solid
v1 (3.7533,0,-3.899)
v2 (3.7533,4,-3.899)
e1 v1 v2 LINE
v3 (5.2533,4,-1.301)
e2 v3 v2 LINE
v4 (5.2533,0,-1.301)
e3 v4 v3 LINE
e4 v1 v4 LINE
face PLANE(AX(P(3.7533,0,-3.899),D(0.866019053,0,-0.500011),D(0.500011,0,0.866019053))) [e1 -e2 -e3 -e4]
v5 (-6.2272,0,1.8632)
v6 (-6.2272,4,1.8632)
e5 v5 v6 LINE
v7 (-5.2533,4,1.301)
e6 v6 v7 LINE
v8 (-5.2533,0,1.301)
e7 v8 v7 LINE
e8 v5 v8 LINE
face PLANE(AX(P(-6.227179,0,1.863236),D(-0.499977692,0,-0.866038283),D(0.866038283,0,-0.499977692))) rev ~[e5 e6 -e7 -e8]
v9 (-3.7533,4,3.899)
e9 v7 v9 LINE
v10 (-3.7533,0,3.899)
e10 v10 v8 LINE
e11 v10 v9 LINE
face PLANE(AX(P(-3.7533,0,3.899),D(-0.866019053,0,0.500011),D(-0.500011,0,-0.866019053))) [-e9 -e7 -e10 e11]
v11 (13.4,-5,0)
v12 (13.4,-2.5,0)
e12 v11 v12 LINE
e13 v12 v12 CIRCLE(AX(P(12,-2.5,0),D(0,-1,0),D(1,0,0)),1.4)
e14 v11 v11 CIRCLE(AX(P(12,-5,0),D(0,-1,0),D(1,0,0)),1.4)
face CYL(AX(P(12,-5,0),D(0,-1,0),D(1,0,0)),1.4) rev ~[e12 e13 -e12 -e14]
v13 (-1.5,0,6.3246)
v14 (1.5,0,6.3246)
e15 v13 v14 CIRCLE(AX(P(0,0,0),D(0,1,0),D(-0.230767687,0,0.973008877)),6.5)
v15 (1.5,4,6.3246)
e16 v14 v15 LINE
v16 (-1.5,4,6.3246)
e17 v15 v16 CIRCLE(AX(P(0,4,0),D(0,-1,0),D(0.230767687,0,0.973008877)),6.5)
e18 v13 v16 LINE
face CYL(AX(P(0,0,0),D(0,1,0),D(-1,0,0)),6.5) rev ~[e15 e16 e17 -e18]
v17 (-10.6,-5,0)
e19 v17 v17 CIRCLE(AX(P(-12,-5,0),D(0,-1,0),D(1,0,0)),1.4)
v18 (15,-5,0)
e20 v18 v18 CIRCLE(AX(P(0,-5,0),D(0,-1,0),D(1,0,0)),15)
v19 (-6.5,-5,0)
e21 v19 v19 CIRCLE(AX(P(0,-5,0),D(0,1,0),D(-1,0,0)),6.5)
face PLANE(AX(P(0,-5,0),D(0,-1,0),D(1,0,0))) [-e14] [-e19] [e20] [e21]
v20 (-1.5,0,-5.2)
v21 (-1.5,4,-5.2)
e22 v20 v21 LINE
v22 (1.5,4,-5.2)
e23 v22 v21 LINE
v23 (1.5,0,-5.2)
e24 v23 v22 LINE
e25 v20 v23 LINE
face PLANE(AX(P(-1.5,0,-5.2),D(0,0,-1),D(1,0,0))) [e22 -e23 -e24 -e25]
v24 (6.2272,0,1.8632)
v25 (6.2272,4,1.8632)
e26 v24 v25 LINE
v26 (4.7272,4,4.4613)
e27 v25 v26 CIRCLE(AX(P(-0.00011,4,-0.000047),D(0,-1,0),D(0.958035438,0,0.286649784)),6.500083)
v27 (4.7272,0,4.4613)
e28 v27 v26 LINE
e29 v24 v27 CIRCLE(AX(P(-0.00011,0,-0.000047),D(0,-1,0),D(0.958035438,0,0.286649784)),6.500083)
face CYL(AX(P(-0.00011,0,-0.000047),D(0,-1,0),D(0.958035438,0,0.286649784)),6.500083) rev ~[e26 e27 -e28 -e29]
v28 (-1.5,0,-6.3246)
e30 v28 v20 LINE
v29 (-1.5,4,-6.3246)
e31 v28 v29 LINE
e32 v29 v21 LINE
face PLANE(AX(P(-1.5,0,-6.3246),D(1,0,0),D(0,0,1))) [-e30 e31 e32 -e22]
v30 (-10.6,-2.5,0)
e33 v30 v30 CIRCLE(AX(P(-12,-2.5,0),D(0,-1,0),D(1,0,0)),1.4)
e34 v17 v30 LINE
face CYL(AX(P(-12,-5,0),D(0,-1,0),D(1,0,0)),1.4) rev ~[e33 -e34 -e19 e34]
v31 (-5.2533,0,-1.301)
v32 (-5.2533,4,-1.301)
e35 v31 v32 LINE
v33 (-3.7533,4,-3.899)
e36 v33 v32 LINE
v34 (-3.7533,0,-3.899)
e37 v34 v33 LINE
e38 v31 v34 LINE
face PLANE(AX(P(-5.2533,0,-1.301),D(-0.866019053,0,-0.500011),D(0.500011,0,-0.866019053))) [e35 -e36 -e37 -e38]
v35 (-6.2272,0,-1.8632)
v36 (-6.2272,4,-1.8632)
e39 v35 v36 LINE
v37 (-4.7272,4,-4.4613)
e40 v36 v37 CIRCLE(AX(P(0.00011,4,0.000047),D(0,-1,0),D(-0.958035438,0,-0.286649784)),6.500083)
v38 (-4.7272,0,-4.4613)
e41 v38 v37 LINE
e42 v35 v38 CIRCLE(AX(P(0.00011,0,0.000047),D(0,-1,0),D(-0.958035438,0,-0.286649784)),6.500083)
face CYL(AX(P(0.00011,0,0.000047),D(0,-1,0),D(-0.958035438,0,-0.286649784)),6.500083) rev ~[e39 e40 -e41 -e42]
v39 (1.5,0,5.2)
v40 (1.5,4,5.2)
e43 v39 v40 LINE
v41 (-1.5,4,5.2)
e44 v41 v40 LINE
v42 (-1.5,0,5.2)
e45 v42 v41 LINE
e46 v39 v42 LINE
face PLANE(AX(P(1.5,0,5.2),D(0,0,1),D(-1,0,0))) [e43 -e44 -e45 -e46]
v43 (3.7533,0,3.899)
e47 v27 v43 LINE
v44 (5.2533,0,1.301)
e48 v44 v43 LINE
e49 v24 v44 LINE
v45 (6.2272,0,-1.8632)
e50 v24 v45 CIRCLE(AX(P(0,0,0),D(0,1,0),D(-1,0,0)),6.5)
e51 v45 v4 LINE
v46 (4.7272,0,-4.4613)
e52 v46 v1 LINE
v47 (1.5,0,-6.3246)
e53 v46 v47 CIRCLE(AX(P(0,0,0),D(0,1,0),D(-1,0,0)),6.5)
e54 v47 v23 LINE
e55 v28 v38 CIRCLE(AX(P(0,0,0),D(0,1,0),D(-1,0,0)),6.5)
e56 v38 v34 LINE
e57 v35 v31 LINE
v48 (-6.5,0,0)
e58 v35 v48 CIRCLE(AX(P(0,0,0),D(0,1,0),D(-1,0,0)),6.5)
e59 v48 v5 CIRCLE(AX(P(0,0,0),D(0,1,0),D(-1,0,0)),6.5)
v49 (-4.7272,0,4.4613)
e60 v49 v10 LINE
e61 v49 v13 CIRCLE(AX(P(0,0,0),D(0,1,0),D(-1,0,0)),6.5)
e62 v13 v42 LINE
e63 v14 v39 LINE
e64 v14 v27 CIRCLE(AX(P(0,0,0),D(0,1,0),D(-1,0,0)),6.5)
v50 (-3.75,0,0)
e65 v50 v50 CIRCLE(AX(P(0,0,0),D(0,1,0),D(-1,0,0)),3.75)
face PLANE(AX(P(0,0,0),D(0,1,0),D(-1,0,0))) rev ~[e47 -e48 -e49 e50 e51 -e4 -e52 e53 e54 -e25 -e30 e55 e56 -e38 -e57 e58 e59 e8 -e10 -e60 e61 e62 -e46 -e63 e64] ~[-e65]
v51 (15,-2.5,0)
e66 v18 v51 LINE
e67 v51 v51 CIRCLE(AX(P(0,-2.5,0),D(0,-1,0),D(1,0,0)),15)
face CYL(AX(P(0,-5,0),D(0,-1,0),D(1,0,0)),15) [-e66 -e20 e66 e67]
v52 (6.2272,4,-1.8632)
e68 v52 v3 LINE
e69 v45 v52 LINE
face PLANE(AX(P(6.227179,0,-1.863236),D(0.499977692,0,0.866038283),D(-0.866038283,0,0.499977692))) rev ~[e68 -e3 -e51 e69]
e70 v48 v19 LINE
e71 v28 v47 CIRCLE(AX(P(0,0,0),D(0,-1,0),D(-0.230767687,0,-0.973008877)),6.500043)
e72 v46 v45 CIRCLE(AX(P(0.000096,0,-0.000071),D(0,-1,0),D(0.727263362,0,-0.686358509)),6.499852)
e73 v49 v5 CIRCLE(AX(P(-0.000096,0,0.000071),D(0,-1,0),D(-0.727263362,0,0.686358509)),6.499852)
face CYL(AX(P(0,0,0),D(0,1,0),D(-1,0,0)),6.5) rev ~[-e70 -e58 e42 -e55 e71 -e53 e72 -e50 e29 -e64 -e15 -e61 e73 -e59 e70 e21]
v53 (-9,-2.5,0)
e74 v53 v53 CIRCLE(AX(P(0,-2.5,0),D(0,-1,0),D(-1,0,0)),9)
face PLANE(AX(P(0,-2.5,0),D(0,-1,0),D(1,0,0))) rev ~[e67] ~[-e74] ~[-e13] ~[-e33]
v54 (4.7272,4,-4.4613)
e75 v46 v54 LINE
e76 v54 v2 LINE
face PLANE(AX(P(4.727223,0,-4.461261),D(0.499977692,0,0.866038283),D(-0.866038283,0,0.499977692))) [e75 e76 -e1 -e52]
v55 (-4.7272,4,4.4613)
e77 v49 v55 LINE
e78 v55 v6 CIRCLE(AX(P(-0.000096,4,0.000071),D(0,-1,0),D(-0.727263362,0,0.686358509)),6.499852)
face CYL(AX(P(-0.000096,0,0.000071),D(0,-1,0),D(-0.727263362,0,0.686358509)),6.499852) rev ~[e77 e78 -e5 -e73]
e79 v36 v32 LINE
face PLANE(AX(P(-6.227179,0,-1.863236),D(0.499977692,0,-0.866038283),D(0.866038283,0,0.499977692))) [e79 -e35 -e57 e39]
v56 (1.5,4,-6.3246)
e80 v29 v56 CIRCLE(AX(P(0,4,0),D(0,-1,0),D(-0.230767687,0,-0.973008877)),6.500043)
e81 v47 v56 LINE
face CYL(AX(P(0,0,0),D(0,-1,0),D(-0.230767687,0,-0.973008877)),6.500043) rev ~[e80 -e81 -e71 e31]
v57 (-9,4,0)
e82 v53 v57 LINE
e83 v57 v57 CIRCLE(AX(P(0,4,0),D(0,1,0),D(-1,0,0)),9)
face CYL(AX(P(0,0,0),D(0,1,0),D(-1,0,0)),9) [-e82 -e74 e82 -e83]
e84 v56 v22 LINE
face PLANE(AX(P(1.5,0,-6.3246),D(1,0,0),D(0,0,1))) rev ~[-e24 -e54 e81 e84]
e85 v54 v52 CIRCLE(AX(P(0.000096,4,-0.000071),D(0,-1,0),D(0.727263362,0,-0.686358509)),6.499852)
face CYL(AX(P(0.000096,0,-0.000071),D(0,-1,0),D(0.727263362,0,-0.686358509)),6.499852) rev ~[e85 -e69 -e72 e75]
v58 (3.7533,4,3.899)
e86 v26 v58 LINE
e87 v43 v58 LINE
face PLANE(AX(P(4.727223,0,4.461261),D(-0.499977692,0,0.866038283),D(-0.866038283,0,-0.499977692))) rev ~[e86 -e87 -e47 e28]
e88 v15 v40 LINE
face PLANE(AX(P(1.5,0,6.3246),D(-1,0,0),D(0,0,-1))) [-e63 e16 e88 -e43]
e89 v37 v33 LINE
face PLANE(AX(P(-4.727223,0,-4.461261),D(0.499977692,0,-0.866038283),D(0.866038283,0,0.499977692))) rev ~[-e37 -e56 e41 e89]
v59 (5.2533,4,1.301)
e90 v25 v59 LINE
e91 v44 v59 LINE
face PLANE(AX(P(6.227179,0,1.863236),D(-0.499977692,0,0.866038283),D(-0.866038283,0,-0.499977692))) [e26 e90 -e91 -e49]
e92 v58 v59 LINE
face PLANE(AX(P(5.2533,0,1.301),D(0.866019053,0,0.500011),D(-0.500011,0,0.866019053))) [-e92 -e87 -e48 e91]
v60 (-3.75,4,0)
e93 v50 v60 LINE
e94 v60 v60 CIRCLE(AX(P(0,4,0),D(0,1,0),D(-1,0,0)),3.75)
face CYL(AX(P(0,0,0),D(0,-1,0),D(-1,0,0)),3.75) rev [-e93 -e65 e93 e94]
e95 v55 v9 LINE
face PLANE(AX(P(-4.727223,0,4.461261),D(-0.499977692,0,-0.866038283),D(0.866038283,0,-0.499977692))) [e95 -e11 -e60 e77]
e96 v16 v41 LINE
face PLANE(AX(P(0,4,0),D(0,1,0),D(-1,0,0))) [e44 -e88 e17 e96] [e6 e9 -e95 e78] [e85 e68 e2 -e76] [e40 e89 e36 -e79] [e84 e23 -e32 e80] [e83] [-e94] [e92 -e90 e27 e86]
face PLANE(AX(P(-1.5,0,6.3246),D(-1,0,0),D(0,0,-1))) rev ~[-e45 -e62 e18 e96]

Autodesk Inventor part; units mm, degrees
ref_plane "YZ Plane" through (0, 0, 0) normal (1, 0, 0) x (0, 1, 0)
ref_plane "XZ Plane" through (0, 0, 0) normal (0, 1, 0) x (-1, 0, 0)
ref_plane "XY Plane" through (0, 0, 0) normal (0, 0, 1) x (1, 0, 0)
sketch "Sketch1" plane through (0, 0, 0) normal (0, 1, 0) x (-1, 0, 0)
  circle A0 centre (0, 0) radius 3.75
  circle A1 centre (0, 0) radius 6.5
  circle A2 centre (0, 0) radius 9
  dimension "d0" = 7.5
  dimension "d1" = 13
  dimension "d2" = 2.5
extrude "Extrusion1" add sketch "Sketch1" along normal blind 4 contours A1 | A2
extrude "Extrusion2" add sketch "Sketch1" against normal blind 5 contours A2
sketch "Sketch2" plane through (0, 0, 0) normal (0, -1, 0) x (1, 0, 0)
  circle A0 centre (0, 0) radius 6.5 projected
  circle A1 centre (0, 0) radius 3.75 projected
  circle A2 centre (0, 0) radius 9 projected
  circle A3 centre (0, 0) radius 6.5 projected
  line L0 (0, 6.5) -> (-1.5, 6.5)
  line L1 (-1.5, 6.5) -> (-1.5, 5.2)
  line L2 (-1.5, 5.2) -> (0, 5.2)
  line L3 (0, 5.2) -> (0, 6.5)
  line L4 (0, 6.5) -> (1.5, 6.5)
  line L5 (1.5, 6.5) -> (1.5, 5.2)
  line L6 (1.5, 5.2) -> (0, 5.2)
  arc A4 (1.5, 6.3246) -> (-1.5, 6.3246) centre (0, 0) ccw
  line L7 (-6.3792, 1.951) -> (-5.2533, 1.301)
  line L8 (-5.2533, 1.301) -> (-4.5033, 2.6)
  line L9 (-3.7533, 3.899) -> (-4.5033, 2.6)
  line L10 (-4.8792, 4.549) -> (-3.7533, 3.899)
  arc A5 (-4.7272, 4.4613) -> (-6.2272, 1.8632) centre (0, 0) ccw
  line L11 (-4.8792, -4.549) -> (-3.7533, -3.899)
  line L12 (-3.7533, -3.899) -> (-4.5033, -2.6)
  line L13 (-5.2533, -1.301) -> (-4.5033, -2.6)
  line L14 (-6.3792, -1.951) -> (-5.2533, -1.301)
  arc A6 (-6.2272, -1.8632) -> (-4.7272, -4.4613) centre (0, 0) ccw
  line L15 (1.5, -6.5) -> (1.5, -5.2)
  line L16 (1.5, -5.2) -> (0, -5.2)
  line L17 (-1.5, -5.2) -> (0, -5.2)
  line L18 (-1.5, -6.5) -> (-1.5, -5.2)
  arc A7 (-1.5, -6.3246) -> (1.5, -6.3246) centre (0, 0) ccw
  line L19 (6.3792, -1.951) -> (5.2533, -1.301)
  line L20 (5.2533, -1.301) -> (4.5033, -2.6)
  line L21 (3.7533, -3.899) -> (4.5033, -2.6)
  line L22 (4.8792, -4.549) -> (3.7533, -3.899)
  arc A8 (4.7272, -4.4613) -> (6.2272, -1.8632) centre (0, 0) ccw
  line L23 (4.8792, 4.549) -> (3.7533, 3.899)
  line L24 (3.7533, 3.899) -> (4.5033, 2.6)
  line L25 (5.2533, 1.301) -> (4.5033, 2.6)
  line L26 (6.3792, 1.951) -> (5.2533, 1.301)
  arc A9 (6.2272, 1.8632) -> (4.7272, 4.4613) centre (0, 0) ccw
  point P0 (-5.6292, 3.25)
  point P1 (-5.6292, -3.25)
  point P2 (0, -6.5)
  point P3 (5.6292, -3.25)
  point P4 (5.6292, 3.25)
  point P5 (-1.5, -6.3246)
  point P6 (1.5, -6.3246)
  point P7 (4.7272, -4.4613)
  point P8 (6.2272, -1.8632)
  point P9 (6.2272, 1.8632)
  point P10 (1.5, 6.3246)
  point P11 (-1.5, 6.3246)
  point P12 (-4.7272, 4.4613)
  point P13 (-6.2272, 1.8632)
  point P14 (-6.2272, -1.8632)
  dimension "d7" = 1.5
  dimension "d8" = 1.3
  dimension "d9" = 5.2
  dimension "d12" = 360
extrude "Extrusion3" cut sketch "Sketch2" against normal blind 4 contours L26 L25 L24 L23 A0 | A0 L22 L21 L20 L19 | L5 L6 L3 A0 | A0 L18 L17 L16 L15 | L3 L2 L1 A0 | A0 L14 L13 L12 L11 | L10 L9 L8 L7 A0
sketch "Sketch3" plane through (0, -5, 0) normal (0, -1, 0) x (1, 0, 0)
  circle A0 centre (0, 0) radius 15
  circle A1 centre (0, 0) radius 9 projected
  circle A2 centre (0, 0) radius 6.5 projected
  circle A3 centre (12, 0) radius 1.4
  circle A4 centre (-12, 0) radius 1.4
  dimension "d16" = 30
  dimension "d19" = 2.8
  dimension "d20" = 12
  dimension "d23" = 360
extrude "Extrusion4" add sketch "Sketch3" against normal blind 2.5 contours A0
properties part number "Potentiometer_Holder_Main"
